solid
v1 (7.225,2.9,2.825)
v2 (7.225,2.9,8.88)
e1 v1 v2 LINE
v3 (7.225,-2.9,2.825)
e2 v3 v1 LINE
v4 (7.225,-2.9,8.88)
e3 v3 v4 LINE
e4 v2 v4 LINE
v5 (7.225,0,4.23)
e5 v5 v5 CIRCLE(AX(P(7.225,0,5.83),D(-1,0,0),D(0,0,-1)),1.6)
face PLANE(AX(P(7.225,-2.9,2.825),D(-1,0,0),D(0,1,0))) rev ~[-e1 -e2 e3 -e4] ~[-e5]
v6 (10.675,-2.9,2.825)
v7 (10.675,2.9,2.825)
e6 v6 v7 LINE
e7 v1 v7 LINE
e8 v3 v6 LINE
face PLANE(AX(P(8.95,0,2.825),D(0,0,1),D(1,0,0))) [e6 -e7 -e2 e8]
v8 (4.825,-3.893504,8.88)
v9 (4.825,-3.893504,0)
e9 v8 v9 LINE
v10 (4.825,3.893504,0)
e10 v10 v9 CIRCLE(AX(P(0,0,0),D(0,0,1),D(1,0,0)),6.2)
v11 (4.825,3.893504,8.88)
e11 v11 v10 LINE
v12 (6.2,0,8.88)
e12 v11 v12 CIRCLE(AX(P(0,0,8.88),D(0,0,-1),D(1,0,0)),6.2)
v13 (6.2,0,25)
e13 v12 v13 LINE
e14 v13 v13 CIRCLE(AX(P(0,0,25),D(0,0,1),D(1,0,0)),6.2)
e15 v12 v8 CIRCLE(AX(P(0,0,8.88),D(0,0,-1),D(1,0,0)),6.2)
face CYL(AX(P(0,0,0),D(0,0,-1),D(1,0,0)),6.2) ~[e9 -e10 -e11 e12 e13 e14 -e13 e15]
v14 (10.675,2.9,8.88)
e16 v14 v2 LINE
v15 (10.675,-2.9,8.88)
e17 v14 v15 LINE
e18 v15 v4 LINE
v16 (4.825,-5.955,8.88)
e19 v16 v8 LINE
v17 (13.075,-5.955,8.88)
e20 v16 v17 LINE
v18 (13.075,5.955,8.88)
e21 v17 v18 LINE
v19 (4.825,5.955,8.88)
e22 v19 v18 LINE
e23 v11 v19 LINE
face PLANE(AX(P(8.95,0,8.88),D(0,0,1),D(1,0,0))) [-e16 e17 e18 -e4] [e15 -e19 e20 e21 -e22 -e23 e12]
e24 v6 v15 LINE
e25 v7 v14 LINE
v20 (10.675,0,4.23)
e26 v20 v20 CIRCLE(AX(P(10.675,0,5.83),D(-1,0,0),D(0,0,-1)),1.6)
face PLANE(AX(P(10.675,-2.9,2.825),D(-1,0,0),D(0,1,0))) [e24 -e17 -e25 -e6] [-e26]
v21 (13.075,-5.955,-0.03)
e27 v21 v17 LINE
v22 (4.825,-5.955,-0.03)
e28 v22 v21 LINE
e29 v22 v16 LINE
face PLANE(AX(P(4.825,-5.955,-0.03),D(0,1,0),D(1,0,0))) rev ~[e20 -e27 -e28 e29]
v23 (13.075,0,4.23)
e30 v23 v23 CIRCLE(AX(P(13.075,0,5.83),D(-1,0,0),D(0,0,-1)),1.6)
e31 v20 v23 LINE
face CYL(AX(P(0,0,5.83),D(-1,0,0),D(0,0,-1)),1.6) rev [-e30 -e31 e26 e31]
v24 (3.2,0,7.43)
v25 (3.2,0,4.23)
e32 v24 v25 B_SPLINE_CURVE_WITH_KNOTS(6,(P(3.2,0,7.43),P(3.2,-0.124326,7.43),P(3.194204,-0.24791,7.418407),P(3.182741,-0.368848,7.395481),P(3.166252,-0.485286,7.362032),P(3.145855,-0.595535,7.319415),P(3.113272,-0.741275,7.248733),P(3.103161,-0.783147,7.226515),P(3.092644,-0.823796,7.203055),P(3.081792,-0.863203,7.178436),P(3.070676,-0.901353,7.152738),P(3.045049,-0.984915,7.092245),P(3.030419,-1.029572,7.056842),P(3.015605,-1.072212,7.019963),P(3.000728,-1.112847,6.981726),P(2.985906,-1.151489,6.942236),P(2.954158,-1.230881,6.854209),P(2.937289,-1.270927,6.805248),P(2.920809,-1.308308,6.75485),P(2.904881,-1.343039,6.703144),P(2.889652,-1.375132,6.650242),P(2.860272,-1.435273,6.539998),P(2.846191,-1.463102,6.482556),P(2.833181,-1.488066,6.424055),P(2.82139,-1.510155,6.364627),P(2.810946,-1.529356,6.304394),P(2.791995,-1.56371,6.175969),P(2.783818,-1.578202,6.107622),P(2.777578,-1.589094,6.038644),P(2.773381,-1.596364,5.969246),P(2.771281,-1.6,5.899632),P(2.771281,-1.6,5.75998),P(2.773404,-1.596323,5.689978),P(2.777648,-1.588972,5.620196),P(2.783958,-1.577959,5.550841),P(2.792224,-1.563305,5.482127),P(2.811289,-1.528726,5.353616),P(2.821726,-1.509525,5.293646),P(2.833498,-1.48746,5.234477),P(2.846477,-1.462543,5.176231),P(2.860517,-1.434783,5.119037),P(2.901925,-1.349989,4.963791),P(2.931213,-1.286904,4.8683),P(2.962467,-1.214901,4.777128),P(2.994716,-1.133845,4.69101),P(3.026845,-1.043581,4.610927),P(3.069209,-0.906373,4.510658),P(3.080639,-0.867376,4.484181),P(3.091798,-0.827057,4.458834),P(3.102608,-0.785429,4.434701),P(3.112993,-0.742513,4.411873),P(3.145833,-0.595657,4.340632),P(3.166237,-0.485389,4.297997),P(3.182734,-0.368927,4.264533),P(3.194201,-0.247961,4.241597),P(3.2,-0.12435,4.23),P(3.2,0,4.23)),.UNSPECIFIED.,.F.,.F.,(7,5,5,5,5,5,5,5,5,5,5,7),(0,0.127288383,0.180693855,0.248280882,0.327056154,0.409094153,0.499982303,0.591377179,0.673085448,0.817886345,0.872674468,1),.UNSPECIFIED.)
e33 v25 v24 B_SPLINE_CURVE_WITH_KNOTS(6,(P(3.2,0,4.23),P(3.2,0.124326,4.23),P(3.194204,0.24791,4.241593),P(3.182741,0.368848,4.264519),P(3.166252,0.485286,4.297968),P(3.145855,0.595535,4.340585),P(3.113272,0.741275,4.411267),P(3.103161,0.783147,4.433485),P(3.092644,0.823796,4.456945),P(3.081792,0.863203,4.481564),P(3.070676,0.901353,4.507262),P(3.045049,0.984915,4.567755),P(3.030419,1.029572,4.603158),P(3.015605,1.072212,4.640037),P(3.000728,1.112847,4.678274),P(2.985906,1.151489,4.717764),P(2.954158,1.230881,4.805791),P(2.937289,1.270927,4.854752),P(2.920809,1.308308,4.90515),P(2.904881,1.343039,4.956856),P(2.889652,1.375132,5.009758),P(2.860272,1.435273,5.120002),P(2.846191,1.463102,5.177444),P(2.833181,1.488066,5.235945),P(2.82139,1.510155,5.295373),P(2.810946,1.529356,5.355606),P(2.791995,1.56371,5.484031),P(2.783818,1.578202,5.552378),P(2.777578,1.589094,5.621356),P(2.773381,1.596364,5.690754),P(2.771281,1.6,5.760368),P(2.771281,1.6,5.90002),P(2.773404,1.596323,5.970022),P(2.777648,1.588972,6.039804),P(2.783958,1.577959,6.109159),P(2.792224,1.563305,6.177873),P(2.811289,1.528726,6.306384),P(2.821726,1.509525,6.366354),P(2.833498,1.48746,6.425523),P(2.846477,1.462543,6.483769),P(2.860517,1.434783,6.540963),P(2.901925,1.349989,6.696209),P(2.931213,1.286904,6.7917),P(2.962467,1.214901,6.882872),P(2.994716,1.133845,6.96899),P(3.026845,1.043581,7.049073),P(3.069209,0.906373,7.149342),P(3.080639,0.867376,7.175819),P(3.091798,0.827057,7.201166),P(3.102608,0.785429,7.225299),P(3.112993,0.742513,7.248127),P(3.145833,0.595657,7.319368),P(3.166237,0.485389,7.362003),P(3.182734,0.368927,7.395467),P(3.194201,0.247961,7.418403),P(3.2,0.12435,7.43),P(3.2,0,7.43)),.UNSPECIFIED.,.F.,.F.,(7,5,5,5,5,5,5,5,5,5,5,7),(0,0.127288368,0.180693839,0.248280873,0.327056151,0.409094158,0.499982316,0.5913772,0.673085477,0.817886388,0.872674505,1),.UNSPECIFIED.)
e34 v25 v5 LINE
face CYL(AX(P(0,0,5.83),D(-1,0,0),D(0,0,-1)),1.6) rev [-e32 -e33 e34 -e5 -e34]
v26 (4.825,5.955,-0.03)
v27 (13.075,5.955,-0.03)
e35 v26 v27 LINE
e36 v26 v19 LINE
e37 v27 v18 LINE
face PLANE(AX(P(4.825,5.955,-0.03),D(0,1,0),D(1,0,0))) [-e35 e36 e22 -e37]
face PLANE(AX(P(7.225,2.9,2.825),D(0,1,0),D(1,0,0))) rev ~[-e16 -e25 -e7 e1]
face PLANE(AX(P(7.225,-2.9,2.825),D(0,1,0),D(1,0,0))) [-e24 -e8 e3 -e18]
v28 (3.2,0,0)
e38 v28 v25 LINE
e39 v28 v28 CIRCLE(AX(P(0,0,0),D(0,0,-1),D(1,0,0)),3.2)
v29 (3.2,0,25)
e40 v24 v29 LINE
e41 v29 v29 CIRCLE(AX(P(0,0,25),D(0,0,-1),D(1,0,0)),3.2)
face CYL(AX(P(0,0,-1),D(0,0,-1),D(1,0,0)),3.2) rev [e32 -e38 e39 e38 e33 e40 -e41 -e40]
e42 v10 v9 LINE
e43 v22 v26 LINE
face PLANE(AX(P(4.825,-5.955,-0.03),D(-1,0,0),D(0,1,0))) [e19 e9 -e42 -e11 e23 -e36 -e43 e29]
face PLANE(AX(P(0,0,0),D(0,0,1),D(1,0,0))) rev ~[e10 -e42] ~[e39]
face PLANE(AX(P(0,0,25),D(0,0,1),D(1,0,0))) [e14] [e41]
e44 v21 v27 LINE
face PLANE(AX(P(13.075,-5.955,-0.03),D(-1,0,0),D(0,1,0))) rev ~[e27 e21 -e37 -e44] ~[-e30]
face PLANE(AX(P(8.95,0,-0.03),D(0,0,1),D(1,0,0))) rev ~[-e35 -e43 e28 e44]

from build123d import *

# Parameters (mm, degrees)
CYLINDER005_R     = 1.6
CYLINDER005_DEPTH = 22.9
CYLINDER003_R     = 3.2
CYLINDER003_DEPTH = 50
CUBE003_W         = 3.45
CUBE003_H         = 5.8
CUBE003_DEPTH     = 11.11
CUBE002_W         = 8.25
CUBE002_H         = 11.91
CUBE002_DEPTH     = 8.91
CYLINDER004_R     = 6.2
CYLINDER004_DEPTH = 25


with BuildPart() as cylinder005:
    # cylinder005 → cylinder005 (new body)
    with BuildSketch(Plane(origin=(0, 0, 5.83), x_dir=(0, 0, -1), z_dir=(1, 0, 0))):
        Circle(CYLINDER005_R)
    extrude(amount=CYLINDER005_DEPTH)


with BuildPart() as union002:
    # cylinder003 → cylinder003 (new body)
    with BuildSketch(Plane.XY.offset(-1)):
        Circle(CYLINDER003_R)
    extrude(amount=CYLINDER003_DEPTH)

    # union002: union cylinder005
    add(cylinder005.part)


with BuildPart() as cube003:
    # cube003 → cube003 (new body)
    with BuildSketch(Plane(origin=(-1.725, -2.9, -3.6), x_dir=(1, 0, 0), z_dir=(0, 0, 1))):
        with Locations((1.725, 2.9)):
            Rectangle(CUBE003_W, CUBE003_H)
    extrude(amount=CUBE003_DEPTH)


with BuildPart() as difference002:
    # cube002 → cube002 (new body)
    with BuildSketch(Plane(origin=(-4.125, -5.955, -6.455), x_dir=(1, 0, 0), z_dir=(0, 0, 1))):
        with Locations((4.125, 5.955)):
            Rectangle(CUBE002_W, CUBE002_H)
    extrude(amount=CUBE002_DEPTH)

    # difference002: cut cube003
    add(cube003.part, mode=Mode.SUBTRACT)


with BuildPart() as difference002_1:
    # difference002 placement: moved
    add(difference002.part.moved(Location((8.95, 0, 6.425))))


with BuildPart() as wheel_fit_holder:
    # cylinder004 → cylinder004 (new body)
    with BuildSketch(Plane.XY):
        Circle(CYLINDER004_R)
    extrude(amount=CYLINDER004_DEPTH)

    # union003: union difference002
    add(difference002_1.part)

    # difference003: cut union002
    add(union002.part, mode=Mode.SUBTRACT)


solid = wheel_fit_holder.part
